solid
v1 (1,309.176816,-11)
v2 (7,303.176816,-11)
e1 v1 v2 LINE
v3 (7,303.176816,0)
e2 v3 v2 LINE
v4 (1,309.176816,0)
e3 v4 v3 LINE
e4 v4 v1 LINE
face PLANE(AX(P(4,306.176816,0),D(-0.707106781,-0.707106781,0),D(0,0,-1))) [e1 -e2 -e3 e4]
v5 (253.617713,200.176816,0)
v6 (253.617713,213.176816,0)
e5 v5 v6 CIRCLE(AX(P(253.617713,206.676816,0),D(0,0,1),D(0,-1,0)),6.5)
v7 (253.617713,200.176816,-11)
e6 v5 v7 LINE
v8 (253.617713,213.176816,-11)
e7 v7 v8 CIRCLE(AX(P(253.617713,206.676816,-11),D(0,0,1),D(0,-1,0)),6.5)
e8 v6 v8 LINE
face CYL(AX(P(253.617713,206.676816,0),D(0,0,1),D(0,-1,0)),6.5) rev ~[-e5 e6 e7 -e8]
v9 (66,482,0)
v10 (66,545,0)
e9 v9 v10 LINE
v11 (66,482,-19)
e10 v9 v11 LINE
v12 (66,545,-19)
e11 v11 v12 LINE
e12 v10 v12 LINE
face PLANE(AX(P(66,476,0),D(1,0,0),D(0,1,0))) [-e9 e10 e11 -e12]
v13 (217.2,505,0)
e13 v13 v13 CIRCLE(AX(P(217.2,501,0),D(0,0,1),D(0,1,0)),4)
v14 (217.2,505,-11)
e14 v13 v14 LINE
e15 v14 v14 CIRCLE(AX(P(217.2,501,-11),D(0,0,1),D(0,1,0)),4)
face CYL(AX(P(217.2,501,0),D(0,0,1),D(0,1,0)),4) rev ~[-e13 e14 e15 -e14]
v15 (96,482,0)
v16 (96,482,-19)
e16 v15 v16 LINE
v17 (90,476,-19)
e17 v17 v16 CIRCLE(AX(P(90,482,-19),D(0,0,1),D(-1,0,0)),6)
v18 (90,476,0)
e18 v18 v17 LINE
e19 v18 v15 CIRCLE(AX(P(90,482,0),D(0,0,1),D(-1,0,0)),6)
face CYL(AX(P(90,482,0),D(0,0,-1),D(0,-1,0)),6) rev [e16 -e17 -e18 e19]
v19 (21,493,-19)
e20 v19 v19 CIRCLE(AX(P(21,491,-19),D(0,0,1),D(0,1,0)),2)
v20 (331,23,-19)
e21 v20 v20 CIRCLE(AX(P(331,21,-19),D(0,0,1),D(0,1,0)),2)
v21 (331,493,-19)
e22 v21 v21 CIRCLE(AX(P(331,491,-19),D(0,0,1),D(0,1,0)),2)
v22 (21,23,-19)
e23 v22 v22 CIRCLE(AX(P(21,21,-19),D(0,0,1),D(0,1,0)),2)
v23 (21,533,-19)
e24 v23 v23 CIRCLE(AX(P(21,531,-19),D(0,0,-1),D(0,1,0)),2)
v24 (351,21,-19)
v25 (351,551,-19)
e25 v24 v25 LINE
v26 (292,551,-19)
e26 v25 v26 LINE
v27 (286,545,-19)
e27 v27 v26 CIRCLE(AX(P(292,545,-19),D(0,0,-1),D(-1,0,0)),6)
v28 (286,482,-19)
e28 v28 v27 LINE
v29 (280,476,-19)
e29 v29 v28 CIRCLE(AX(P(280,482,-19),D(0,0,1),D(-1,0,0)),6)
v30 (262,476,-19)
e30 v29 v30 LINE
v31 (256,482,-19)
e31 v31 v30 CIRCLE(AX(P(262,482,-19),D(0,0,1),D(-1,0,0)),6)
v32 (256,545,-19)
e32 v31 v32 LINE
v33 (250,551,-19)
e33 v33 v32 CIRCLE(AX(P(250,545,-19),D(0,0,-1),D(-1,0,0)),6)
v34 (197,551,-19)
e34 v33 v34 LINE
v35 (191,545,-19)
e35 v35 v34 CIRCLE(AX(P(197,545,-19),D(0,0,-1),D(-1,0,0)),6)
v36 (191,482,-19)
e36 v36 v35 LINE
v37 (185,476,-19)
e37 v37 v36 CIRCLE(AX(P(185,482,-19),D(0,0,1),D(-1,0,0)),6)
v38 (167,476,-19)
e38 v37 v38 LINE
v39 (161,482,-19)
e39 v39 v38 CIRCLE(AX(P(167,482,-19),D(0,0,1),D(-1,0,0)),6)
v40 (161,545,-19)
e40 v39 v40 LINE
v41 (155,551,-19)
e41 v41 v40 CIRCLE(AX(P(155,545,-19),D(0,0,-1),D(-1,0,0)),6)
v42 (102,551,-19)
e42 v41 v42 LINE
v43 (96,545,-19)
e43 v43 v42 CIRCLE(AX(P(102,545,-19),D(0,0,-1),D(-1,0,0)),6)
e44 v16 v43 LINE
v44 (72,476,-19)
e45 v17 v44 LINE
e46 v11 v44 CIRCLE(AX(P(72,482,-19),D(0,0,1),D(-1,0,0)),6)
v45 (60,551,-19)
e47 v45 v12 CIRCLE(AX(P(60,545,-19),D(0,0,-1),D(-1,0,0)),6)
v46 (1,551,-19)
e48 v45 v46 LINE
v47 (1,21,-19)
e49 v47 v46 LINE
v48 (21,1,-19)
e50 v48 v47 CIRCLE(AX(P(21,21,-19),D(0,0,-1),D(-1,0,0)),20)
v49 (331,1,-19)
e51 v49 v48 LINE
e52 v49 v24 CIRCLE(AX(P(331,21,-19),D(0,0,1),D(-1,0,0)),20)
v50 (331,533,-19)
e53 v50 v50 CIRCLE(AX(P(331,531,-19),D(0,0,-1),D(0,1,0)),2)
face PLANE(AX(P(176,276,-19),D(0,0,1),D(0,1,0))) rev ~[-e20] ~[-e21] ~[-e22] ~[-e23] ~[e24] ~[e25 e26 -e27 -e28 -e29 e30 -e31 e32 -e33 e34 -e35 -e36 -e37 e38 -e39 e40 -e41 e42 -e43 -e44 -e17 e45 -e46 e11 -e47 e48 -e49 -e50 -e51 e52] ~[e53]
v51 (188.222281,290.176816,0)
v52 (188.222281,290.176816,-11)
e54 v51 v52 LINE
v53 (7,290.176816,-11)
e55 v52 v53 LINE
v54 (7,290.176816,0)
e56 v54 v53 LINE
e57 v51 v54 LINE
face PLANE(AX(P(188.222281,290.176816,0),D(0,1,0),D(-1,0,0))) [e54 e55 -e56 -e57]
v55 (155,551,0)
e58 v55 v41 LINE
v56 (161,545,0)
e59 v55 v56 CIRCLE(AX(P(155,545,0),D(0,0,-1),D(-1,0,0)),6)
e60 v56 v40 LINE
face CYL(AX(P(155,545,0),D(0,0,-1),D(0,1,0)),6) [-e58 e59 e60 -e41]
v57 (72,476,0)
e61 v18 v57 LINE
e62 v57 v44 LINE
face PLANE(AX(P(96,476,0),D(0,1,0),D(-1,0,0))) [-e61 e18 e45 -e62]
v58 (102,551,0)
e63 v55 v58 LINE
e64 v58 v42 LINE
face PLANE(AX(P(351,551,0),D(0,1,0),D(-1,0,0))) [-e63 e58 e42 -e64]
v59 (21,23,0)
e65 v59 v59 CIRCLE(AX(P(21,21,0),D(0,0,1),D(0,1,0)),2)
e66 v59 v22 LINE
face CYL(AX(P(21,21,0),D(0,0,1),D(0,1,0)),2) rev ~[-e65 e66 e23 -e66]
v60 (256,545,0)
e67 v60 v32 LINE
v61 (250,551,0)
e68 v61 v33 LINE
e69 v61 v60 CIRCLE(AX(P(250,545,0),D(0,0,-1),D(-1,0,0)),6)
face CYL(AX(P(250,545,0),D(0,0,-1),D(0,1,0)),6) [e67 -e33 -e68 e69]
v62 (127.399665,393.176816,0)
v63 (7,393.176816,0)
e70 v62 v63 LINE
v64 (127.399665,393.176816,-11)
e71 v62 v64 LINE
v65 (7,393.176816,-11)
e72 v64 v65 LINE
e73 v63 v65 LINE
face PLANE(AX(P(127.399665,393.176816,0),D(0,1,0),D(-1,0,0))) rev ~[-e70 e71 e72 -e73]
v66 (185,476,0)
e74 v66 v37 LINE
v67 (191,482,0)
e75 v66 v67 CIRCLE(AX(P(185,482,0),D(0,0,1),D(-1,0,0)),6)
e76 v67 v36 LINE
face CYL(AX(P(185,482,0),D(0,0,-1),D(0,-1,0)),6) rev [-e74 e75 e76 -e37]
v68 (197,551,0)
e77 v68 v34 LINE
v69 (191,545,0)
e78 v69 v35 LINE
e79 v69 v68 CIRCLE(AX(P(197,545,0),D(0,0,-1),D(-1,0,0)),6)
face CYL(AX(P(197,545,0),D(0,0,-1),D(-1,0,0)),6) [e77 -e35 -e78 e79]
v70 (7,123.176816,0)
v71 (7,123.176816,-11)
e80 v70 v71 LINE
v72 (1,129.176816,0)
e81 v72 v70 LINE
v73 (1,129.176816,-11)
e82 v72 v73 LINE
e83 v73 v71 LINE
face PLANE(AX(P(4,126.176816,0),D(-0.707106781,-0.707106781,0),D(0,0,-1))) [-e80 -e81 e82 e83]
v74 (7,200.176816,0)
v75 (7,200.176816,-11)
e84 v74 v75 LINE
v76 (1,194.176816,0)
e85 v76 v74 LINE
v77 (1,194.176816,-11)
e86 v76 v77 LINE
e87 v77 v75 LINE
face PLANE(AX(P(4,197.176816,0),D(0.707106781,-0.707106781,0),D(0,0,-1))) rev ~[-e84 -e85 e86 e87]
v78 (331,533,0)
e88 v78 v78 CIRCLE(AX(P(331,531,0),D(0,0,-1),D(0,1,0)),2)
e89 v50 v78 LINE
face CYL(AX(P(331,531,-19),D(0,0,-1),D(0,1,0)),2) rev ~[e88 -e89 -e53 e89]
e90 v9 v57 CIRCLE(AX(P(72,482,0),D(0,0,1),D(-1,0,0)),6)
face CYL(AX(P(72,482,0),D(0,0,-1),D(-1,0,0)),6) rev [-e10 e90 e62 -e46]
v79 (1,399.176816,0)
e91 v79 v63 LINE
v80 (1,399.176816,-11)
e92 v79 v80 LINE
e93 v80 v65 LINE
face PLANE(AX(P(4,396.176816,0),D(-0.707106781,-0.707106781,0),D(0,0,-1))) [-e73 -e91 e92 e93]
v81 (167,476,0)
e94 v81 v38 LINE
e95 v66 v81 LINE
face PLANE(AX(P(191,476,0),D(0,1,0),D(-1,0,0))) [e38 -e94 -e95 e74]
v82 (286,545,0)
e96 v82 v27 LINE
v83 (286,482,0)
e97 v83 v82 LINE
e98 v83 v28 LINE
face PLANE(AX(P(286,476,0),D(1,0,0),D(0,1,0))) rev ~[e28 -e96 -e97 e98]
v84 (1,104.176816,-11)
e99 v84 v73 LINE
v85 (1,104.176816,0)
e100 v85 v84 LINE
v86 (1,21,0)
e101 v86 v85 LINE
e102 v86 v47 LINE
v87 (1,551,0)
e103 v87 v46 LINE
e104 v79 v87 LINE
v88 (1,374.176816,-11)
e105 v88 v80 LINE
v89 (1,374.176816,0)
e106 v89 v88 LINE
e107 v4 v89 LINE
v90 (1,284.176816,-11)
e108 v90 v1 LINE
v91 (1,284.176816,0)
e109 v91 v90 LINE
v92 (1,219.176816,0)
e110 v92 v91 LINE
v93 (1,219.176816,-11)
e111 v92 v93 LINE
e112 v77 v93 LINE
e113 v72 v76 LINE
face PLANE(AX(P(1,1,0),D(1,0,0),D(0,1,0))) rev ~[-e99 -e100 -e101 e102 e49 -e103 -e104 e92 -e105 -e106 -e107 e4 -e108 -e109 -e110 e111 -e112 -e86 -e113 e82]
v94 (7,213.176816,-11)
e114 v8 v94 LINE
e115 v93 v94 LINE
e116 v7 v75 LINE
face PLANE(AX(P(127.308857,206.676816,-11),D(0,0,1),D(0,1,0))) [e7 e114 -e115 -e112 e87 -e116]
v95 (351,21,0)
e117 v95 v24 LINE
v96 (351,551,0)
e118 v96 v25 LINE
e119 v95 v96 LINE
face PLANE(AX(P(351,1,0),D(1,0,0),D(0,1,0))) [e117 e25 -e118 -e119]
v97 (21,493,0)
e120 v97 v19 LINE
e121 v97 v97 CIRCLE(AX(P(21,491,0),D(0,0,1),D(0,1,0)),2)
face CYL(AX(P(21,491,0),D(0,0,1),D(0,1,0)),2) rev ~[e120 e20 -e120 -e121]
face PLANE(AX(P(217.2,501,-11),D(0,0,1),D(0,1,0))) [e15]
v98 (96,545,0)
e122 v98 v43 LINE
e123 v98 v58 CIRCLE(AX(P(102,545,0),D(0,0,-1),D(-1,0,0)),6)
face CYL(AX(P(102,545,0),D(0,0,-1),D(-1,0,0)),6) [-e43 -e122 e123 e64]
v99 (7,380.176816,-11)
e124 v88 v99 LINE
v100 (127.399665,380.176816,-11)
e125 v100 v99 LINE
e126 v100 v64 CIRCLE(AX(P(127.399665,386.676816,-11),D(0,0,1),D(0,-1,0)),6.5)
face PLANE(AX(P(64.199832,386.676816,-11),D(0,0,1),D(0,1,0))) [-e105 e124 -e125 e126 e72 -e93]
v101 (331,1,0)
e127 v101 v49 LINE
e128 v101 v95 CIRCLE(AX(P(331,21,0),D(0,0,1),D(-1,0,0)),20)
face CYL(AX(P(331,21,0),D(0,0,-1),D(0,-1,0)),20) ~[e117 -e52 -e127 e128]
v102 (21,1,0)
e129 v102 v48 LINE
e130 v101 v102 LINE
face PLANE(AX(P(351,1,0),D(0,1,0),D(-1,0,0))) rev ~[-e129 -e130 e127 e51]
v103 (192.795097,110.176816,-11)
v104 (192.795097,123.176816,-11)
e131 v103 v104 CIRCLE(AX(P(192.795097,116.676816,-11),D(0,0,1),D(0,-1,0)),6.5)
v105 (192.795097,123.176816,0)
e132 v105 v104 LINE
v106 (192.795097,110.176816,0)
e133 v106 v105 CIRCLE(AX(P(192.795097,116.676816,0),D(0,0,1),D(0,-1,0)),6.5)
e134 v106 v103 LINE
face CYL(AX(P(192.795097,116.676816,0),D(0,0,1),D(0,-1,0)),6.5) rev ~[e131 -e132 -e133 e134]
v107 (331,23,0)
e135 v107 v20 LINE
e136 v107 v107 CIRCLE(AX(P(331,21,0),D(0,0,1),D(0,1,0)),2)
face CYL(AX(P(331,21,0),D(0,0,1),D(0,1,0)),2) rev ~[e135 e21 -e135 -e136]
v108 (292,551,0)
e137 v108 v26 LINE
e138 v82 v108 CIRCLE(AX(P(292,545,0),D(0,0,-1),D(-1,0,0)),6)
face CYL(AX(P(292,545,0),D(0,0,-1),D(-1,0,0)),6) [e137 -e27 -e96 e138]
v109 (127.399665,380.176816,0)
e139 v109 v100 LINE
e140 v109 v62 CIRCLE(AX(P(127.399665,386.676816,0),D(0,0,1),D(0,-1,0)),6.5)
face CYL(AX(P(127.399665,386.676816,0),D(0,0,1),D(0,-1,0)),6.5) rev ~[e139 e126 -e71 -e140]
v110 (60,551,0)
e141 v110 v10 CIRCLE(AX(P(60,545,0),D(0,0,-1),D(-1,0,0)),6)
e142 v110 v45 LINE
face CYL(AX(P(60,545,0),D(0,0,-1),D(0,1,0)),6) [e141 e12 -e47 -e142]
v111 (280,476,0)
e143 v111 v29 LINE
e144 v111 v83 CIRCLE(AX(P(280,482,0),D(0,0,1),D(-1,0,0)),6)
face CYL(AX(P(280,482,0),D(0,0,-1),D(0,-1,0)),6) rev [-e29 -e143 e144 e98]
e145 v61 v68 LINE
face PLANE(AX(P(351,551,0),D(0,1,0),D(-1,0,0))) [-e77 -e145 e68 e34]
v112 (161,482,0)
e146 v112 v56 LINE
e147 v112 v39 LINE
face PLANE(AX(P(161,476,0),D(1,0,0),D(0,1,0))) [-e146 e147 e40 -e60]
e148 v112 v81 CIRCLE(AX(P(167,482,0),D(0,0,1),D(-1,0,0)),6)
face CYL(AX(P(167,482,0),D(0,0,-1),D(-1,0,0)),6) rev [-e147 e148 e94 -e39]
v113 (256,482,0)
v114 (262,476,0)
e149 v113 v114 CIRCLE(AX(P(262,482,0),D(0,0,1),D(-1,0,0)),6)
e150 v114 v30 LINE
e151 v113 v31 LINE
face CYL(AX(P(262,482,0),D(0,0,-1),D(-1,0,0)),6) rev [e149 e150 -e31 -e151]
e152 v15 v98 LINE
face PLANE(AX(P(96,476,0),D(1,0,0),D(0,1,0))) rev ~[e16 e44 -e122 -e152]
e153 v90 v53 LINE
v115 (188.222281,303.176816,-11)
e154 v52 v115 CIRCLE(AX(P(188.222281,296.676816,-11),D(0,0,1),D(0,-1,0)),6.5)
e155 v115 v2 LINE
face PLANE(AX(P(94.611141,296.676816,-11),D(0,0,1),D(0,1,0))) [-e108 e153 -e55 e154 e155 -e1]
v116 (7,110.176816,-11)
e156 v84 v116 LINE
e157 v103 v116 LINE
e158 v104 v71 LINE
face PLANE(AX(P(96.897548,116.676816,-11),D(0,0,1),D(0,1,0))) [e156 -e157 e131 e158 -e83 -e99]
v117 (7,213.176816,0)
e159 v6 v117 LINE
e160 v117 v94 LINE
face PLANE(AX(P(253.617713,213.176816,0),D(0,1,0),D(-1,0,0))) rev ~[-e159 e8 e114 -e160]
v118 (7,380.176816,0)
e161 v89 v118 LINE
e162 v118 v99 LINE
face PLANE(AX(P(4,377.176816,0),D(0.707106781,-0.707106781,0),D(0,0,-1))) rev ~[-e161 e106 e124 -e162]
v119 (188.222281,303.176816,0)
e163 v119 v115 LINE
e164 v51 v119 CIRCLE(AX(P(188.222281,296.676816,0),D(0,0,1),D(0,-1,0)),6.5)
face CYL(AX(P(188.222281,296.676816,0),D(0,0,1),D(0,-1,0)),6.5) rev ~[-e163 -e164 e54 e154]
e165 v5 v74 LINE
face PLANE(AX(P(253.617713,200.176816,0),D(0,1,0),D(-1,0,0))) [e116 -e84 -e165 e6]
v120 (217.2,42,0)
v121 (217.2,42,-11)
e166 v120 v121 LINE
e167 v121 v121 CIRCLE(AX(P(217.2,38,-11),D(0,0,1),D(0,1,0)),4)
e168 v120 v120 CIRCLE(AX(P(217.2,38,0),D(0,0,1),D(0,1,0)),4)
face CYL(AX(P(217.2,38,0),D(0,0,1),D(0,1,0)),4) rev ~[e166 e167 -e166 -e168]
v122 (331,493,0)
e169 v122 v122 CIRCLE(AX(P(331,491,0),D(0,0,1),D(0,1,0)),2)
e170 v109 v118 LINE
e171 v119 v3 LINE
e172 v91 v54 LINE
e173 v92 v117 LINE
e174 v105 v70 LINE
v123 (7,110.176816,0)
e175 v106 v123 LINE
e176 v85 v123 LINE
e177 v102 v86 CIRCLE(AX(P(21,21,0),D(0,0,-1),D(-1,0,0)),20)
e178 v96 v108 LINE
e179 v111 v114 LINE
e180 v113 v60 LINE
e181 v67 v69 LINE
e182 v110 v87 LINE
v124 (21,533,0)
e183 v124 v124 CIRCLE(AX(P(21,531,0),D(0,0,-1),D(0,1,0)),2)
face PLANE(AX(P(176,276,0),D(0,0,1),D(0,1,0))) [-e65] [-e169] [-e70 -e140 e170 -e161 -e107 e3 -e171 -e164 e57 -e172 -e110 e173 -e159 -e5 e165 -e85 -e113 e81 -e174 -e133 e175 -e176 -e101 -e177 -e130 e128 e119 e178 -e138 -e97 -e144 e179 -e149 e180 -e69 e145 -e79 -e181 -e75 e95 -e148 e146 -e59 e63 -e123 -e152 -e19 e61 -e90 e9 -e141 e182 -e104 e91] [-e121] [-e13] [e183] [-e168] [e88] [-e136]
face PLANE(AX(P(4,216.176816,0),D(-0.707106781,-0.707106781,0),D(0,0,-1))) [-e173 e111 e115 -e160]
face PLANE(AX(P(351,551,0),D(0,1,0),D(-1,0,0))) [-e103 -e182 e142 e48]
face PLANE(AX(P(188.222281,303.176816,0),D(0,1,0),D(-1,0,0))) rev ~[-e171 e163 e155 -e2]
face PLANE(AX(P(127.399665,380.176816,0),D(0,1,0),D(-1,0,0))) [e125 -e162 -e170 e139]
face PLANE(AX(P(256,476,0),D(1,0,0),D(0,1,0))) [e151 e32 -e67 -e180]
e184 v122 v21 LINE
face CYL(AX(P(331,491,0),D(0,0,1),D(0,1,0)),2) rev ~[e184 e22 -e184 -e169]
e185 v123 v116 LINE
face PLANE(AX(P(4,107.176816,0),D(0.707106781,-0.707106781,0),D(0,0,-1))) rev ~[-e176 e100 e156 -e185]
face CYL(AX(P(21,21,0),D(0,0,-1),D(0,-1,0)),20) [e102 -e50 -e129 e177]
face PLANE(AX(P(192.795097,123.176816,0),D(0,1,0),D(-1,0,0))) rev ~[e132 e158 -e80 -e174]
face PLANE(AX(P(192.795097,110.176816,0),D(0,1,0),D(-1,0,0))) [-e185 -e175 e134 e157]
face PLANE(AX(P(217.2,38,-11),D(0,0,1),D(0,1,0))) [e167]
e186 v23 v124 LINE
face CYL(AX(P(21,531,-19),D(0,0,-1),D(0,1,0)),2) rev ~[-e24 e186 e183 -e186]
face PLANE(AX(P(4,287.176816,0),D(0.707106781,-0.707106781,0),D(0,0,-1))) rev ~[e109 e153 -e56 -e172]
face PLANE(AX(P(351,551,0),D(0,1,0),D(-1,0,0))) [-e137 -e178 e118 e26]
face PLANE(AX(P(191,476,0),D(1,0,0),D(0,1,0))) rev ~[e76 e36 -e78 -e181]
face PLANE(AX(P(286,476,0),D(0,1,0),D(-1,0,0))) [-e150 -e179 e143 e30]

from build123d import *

# Parameters (mm, degrees)
SKETCH011_W           = 550
SKETCH011_H           = 350
PAD012_DEPTH          = 19
SKETCH012_R           = 4
POCKET007_DEPTH       = 11
FILLET_R              = 20
SKETCH013_R           = 2
POCKET008_DEPTH       = 19.001
SKETCH014_W           = 75
SKETCH014_H           = 30
POCKET009_DEPTH       = 19.001
FILLET004_R           = 6
SKETCH028_R           = 2
POCKET018_DEPTH       = 19.001
CHAMFER008_SIZE       = 6
CLONE_PLACEMENT_ANGLE = 90


with BuildPart() as part:
    # Sketch011 → Pad012 (new body)
    with BuildSketch(Plane.XY):
        with Locations((0, 41.2)):
            Rectangle(SKETCH011_W, SKETCH011_H)
    extrude(amount=-PAD012_DEPTH)

    # Sketch012 (on Face5 of Pad012) → Pocket007 (cut)
    with BuildSketch(Plane.XY):
        with Locations((-238, 0)):
            Circle(SKETCH012_R)
        with Locations((225, 0)):
            Circle(SKETCH012_R)
        with BuildLine():
            ThreePointArc((-165.823184, 24.404903), (-159.323184, 17.904903), (-152.823184, 24.404903))
            Line((-152.823184, 24.404903), (-152.823184, 216.2))
            ThreePointArc((-152.823184, 216.2), (-159.323184, 222.7), (-165.823184, 216.2))
            Line((-165.823184, 24.404903), (-165.823184, 216.2))
        make_face()
        with BuildLine():
            ThreePointArc((-75.823184, -36.417713), (-69.323184, -42.917713), (-62.823184, -36.417713))
            Line((-62.823184, -36.417713), (-62.823184, 216.2))
            ThreePointArc((-62.823184, 216.2), (-69.323184, 222.7), (-75.823184, 216.2))
            Line((-75.823184, -36.417713), (-75.823184, 216.2))
        make_face()
        with BuildLine():
            ThreePointArc((14.176816, 28.977719), (20.676816, 22.477719), (27.176816, 28.977719))
            Line((27.176816, 28.977719), (27.176816, 216.2))
            ThreePointArc((27.176816, 216.2), (20.676816, 222.7), (14.176816, 216.2))
            Line((14.176816, 28.977719), (14.176816, 216.2))
        make_face()
        with BuildLine():
            ThreePointArc((104.176816, 89.800335), (110.676816, 83.300335), (117.176816, 89.800335))
            Line((117.176816, 89.800335), (117.176816, 216.2))
            ThreePointArc((117.176816, 216.2), (110.676816, 222.7), (104.176816, 216.2))
            Line((104.176816, 89.800335), (104.176816, 216.2))
        make_face()
    extrude(amount=-POCKET007_DEPTH, mode=Mode.SUBTRACT)

    # Fillet
    fillet_edges = [part.edges().sort_by_distance(p)[0] for p in [
        (-275, -133.8, -9.5),
        (-275, 216.2, -9.5),
    ]]
    fillet(fillet_edges, radius=FILLET_R)

    # Sketch013 (on Face2 of Fillet) → Pocket008 (cut, through all)
    with BuildSketch(Plane.XY):
        with Locations((-255, 196.2)):
            Circle(SKETCH013_R)
        with Locations((-255, -113.8)):
            Circle(SKETCH013_R)
        with Locations((215, -113.8)):
            Circle(SKETCH013_R)
        with Locations((215, 196.2)):
            Circle(SKETCH013_R)
    extrude(amount=-POCKET008_DEPTH, mode=Mode.SUBTRACT)

    # Sketch014 (on Face2 of Pocket008) → Pocket009 (cut, through all)
    with BuildSketch(Plane.XY):
        with Locations((237.5, 136.2)):
            Rectangle(SKETCH014_W, SKETCH014_H)
        with Locations((237.5, -53.8)):
            Rectangle(SKETCH014_W, SKETCH014_H)
        with Locations((237.5, 41.2)):
            Rectangle(SKETCH014_W, SKETCH014_H)
    extrude(amount=-POCKET009_DEPTH, mode=Mode.SUBTRACT)

    # Fillet004
    fillet004_edges = [part.edges().sort_by_distance(p)[0] for p in [
        (275, 151.2, -9.5),
        (200, 151.2, -9.5),
        (275, 121.2, -9.5),
        (275, 56.2, -9.5),
        (200, 56.2, -9.5),
        (275, 26.2, -9.5),
        (200, -38.8, -9.5),
        (275, -38.8, -9.5),
        (275, -68.8, -9.5),
        (200, -68.8, -9.5),
        (200, 26.2, -9.5),
        (200, 121.2, -9.5),
    ]]
    fillet(fillet004_edges, radius=FILLET004_R)

    # Sketch028 (on Face50 of Fillet004) → Pocket018 (cut, through all)
    with BuildSketch(Plane(origin=(0, 0, -19), x_dir=(1, 0, 0), z_dir=(0, 0, -1))):
        with Locations((255, -196.2)):
            Circle(SKETCH028_R)
        with Locations((255, 113.8)):
            Circle(SKETCH028_R)
    extrude(amount=-POCKET018_DEPTH, mode=Mode.SUBTRACT)

    # Chamfer008
    chamfer008_edges = [part.edges().sort_by_distance(p)[0] for p in [
        (-165.823184, 216.2, -5.5),
        (-152.823184, 216.2, -5.5),
        (-75.823184, 216.2, -5.5),
        (-62.823184, 216.2, -5.5),
        (14.176816, 216.2, -5.5),
        (27.176816, 216.2, -5.5),
        (104.176816, 216.2, -5.5),
        (117.176816, 216.2, -5.5),
    ]]
    chamfer(chamfer008_edges, length=CHAMFER008_SIZE)


with BuildPart() as part_1:
    # Body008 placement: moved
    add(part.part.moved(Location((0, 0, -9))))


with BuildPart() as part_2:
    # Clone placement: moved
    add(part_1.part.moved(Location((217.2, 276, 9))).rotate(Axis((217.2, 276, 9), (0, 0, 1)), CLONE_PLACEMENT_ANGLE))


solid = part_2.part
